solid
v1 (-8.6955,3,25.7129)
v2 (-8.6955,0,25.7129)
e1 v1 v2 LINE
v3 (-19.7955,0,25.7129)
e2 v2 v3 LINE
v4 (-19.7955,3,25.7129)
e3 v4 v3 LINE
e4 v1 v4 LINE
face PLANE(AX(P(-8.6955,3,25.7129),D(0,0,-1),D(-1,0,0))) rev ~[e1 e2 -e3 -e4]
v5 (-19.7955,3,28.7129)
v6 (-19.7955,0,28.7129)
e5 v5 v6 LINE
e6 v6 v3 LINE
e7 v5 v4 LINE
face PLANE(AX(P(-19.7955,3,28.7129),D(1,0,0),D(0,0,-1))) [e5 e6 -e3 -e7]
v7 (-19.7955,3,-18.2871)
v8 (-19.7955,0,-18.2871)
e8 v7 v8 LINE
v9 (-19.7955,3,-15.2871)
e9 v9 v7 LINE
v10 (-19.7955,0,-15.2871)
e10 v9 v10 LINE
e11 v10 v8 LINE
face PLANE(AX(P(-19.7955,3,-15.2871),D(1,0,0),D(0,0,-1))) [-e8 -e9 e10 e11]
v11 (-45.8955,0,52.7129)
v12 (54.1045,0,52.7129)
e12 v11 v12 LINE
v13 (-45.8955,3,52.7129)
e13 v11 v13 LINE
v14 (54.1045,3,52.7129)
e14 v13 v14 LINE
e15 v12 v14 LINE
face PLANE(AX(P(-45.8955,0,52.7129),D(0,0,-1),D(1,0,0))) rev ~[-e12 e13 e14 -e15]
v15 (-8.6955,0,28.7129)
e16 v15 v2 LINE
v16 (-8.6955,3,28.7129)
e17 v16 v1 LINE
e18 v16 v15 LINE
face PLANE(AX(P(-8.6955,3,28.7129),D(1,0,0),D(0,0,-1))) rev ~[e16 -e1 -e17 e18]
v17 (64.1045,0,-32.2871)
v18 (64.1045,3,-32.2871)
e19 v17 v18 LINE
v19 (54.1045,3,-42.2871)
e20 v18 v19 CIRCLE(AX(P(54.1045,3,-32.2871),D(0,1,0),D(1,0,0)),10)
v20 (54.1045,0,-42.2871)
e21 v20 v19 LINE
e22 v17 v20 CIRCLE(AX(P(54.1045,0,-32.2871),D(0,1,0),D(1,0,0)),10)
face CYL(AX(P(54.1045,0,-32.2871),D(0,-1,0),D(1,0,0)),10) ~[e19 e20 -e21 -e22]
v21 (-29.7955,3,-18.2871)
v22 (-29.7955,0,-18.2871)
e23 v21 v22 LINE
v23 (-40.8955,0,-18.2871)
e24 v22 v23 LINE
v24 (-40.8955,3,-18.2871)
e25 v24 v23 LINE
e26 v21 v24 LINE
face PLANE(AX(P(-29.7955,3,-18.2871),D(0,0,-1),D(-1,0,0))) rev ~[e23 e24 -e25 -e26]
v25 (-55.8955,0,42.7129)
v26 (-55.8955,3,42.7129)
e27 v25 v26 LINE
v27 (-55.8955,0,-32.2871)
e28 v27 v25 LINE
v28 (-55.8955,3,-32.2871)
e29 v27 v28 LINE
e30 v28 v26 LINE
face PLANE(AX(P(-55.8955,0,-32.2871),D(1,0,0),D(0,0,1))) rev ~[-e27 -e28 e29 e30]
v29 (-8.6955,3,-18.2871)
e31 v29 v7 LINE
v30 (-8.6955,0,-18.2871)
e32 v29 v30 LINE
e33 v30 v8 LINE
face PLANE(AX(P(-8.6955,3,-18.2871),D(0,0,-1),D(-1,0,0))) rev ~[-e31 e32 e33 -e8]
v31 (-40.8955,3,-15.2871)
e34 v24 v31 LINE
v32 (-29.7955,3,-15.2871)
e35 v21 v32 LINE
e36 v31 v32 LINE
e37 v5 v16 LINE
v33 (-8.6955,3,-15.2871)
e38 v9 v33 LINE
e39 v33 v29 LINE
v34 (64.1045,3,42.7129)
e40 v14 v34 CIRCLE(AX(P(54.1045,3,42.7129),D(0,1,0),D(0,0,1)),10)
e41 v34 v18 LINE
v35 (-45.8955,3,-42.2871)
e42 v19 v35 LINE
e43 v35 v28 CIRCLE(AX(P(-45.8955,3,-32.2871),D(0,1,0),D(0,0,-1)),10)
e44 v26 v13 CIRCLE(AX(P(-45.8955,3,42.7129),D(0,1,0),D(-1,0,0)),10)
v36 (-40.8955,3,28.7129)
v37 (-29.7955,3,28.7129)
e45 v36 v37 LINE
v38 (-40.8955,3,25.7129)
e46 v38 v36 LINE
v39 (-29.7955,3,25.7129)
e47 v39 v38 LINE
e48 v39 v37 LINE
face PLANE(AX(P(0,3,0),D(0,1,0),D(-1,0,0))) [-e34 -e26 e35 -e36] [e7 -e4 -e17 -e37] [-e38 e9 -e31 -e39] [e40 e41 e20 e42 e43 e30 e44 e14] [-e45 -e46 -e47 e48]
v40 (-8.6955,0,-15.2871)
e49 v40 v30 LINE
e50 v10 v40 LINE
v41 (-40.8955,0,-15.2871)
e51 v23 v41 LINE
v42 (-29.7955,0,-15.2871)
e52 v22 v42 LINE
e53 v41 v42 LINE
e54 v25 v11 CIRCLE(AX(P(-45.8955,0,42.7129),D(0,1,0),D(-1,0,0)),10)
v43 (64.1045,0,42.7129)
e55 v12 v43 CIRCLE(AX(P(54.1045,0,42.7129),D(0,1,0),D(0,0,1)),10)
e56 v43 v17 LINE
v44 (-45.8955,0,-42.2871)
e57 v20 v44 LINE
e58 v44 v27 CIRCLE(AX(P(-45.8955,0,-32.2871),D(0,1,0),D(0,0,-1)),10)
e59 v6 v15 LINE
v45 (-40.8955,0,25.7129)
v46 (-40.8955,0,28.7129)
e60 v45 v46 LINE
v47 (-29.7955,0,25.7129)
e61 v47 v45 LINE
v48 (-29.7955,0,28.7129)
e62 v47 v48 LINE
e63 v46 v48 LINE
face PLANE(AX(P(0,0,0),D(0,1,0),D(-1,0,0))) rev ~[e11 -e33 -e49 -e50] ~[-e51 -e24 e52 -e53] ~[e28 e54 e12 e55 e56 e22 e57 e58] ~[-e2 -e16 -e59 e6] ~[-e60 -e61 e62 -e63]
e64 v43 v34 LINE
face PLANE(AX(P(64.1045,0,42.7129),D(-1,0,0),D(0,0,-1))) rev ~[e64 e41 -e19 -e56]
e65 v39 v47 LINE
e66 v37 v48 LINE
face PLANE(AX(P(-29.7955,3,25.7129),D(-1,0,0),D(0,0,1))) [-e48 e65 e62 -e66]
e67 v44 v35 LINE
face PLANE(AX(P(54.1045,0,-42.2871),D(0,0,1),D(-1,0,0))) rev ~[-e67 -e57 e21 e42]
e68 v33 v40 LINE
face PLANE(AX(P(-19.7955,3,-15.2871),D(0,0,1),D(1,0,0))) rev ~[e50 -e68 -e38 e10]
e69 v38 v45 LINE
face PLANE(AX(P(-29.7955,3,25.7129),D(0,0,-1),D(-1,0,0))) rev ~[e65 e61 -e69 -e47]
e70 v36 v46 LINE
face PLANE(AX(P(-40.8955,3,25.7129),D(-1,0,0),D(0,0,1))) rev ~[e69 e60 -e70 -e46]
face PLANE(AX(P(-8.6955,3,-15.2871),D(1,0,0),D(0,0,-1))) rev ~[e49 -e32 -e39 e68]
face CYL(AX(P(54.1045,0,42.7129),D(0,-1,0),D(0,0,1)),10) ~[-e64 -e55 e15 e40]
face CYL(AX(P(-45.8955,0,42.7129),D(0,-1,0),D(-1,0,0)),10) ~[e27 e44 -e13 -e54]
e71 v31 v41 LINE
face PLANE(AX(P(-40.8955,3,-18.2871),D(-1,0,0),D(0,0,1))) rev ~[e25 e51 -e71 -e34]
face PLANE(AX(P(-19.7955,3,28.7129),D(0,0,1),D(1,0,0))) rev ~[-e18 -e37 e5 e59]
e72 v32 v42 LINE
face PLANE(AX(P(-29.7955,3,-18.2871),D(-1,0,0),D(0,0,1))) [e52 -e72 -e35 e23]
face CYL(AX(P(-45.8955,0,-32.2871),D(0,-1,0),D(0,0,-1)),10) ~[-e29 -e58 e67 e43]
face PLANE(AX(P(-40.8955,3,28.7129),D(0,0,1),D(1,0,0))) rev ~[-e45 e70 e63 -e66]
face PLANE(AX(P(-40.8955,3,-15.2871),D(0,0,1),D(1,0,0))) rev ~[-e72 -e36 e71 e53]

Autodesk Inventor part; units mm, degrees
ref_plane "YZ Plane" through (0, 0, 0) normal (1, 0, 0) x (0, 1, 0)
ref_plane "XZ Plane" through (0, 0, 0) normal (0, 1, 0) x (-1, 0, 0)
ref_plane "XY Plane" through (0, 0, 0) normal (0, 0, 1) x (1, 0, 0)
sketch "Sketch1" plane through (0, 0, 0) normal (0, 1, 0) x (-1, 0, 0)
  line L0 (45.8955, 52.7129) -> (-54.1045, 52.7129)
  line L1 (-64.1045, 42.7129) -> (-64.1045, -32.2871)
  line L2 (-54.1045, -42.2871) -> (45.8955, -42.2871)
  line L3 (55.8955, -32.2871) -> (55.8955, 42.7129)
  arc A0 (-64.1045, -32.2871) -> (-54.1045, -42.2871) centre (-54.1045, -32.2871) ccw
  arc A1 (-54.1045, 52.7129) -> (-64.1045, 42.7129) centre (-54.1045, 42.7129) ccw
  arc A2 (55.8955, 42.7129) -> (45.8955, 52.7129) centre (45.8955, 42.7129) ccw
  arc A3 (45.8955, -42.2871) -> (55.8955, -32.2871) centre (45.8955, -32.2871) ccw
  point P0 (0, 0)
  dimension "d0" = 120
  dimension "d1" = 95
  dimension "d4" = 10
extrude "Extrusion2" add sketch "Sketch1" along normal blind 3
sketch "Sketch3" plane through (0, 3, 0) normal (0, 1, 0) x (1, 0, 0)
  line L0 (-40.8955, -28.7129) -> (-8.6955, -28.7129)
  line L1 (-8.6955, -28.7129) -> (-8.6955, -25.7129)
  line L2 (-8.6955, -25.7129) -> (-40.8955, -25.7129)
  line L3 (-40.8955, -25.7129) -> (-40.8955, -28.7129)
  line L4 (-40.8955, 15.2871) -> (-8.6955, 15.2871)
  line L5 (-8.6955, 15.2871) -> (-8.6955, 18.2871)
  line L6 (-8.6955, 18.2871) -> (-40.8955, 18.2871)
  line L7 (-40.8955, 18.2871) -> (-40.8955, 15.2871)
  line L8 (-29.7955, -28.7129) -> (-19.7955, -28.7129)
  line L9 (-19.7955, -28.7129) -> (-19.7955, -25.7129)
  line L10 (-19.7955, -25.7129) -> (-29.7955, -25.7129)
  line L11 (-29.7955, -25.7129) -> (-29.7955, -28.7129)
  line L12 (-29.7955, 15.2871) -> (-19.7955, 15.2871)
  line L13 (-19.7955, 15.2871) -> (-19.7955, 18.2871)
  line L14 (-19.7955, 18.2871) -> (-29.7955, 18.2871)
  line L15 (-29.7955, 18.2871) -> (-29.7955, 15.2871)
  line L16 (-55.8955, 32.2871) -> (-55.8955, -42.7129) projected
  line L17 (-45.8955, -52.7129) -> (54.1045, -52.7129) projected
  line L18 (54.1045, 42.2871) -> (-45.8955, 42.2871) projected
  point P0 (0, 0)
  point P1 (-8.6955, -27.2129)
  point P2 (-8.6955, 16.7871)
  dimension "d7" = 32.2
  dimension "d8" = 3
  dimension "d9" = 32.2
  dimension "d10" = 3
  dimension "d11" = 41
  dimension "d12" = 10
  dimension "d13" = 11.1
  dimension "d14" = 10
  dimension "d15" = 11.1
  dimension "d16" = 15
  dimension "d17" = 24
  dimension "d18" = 95
  dimension "d19" = 24
extrude "Extrusion3" cut sketch "Sketch3" against normal blind 10 contours L3 L2 L11 L0 | L9 L2 L1 L0 | L7 L6 L15 L4 | L13 L6 L5 L4
properties part number "Boden"
